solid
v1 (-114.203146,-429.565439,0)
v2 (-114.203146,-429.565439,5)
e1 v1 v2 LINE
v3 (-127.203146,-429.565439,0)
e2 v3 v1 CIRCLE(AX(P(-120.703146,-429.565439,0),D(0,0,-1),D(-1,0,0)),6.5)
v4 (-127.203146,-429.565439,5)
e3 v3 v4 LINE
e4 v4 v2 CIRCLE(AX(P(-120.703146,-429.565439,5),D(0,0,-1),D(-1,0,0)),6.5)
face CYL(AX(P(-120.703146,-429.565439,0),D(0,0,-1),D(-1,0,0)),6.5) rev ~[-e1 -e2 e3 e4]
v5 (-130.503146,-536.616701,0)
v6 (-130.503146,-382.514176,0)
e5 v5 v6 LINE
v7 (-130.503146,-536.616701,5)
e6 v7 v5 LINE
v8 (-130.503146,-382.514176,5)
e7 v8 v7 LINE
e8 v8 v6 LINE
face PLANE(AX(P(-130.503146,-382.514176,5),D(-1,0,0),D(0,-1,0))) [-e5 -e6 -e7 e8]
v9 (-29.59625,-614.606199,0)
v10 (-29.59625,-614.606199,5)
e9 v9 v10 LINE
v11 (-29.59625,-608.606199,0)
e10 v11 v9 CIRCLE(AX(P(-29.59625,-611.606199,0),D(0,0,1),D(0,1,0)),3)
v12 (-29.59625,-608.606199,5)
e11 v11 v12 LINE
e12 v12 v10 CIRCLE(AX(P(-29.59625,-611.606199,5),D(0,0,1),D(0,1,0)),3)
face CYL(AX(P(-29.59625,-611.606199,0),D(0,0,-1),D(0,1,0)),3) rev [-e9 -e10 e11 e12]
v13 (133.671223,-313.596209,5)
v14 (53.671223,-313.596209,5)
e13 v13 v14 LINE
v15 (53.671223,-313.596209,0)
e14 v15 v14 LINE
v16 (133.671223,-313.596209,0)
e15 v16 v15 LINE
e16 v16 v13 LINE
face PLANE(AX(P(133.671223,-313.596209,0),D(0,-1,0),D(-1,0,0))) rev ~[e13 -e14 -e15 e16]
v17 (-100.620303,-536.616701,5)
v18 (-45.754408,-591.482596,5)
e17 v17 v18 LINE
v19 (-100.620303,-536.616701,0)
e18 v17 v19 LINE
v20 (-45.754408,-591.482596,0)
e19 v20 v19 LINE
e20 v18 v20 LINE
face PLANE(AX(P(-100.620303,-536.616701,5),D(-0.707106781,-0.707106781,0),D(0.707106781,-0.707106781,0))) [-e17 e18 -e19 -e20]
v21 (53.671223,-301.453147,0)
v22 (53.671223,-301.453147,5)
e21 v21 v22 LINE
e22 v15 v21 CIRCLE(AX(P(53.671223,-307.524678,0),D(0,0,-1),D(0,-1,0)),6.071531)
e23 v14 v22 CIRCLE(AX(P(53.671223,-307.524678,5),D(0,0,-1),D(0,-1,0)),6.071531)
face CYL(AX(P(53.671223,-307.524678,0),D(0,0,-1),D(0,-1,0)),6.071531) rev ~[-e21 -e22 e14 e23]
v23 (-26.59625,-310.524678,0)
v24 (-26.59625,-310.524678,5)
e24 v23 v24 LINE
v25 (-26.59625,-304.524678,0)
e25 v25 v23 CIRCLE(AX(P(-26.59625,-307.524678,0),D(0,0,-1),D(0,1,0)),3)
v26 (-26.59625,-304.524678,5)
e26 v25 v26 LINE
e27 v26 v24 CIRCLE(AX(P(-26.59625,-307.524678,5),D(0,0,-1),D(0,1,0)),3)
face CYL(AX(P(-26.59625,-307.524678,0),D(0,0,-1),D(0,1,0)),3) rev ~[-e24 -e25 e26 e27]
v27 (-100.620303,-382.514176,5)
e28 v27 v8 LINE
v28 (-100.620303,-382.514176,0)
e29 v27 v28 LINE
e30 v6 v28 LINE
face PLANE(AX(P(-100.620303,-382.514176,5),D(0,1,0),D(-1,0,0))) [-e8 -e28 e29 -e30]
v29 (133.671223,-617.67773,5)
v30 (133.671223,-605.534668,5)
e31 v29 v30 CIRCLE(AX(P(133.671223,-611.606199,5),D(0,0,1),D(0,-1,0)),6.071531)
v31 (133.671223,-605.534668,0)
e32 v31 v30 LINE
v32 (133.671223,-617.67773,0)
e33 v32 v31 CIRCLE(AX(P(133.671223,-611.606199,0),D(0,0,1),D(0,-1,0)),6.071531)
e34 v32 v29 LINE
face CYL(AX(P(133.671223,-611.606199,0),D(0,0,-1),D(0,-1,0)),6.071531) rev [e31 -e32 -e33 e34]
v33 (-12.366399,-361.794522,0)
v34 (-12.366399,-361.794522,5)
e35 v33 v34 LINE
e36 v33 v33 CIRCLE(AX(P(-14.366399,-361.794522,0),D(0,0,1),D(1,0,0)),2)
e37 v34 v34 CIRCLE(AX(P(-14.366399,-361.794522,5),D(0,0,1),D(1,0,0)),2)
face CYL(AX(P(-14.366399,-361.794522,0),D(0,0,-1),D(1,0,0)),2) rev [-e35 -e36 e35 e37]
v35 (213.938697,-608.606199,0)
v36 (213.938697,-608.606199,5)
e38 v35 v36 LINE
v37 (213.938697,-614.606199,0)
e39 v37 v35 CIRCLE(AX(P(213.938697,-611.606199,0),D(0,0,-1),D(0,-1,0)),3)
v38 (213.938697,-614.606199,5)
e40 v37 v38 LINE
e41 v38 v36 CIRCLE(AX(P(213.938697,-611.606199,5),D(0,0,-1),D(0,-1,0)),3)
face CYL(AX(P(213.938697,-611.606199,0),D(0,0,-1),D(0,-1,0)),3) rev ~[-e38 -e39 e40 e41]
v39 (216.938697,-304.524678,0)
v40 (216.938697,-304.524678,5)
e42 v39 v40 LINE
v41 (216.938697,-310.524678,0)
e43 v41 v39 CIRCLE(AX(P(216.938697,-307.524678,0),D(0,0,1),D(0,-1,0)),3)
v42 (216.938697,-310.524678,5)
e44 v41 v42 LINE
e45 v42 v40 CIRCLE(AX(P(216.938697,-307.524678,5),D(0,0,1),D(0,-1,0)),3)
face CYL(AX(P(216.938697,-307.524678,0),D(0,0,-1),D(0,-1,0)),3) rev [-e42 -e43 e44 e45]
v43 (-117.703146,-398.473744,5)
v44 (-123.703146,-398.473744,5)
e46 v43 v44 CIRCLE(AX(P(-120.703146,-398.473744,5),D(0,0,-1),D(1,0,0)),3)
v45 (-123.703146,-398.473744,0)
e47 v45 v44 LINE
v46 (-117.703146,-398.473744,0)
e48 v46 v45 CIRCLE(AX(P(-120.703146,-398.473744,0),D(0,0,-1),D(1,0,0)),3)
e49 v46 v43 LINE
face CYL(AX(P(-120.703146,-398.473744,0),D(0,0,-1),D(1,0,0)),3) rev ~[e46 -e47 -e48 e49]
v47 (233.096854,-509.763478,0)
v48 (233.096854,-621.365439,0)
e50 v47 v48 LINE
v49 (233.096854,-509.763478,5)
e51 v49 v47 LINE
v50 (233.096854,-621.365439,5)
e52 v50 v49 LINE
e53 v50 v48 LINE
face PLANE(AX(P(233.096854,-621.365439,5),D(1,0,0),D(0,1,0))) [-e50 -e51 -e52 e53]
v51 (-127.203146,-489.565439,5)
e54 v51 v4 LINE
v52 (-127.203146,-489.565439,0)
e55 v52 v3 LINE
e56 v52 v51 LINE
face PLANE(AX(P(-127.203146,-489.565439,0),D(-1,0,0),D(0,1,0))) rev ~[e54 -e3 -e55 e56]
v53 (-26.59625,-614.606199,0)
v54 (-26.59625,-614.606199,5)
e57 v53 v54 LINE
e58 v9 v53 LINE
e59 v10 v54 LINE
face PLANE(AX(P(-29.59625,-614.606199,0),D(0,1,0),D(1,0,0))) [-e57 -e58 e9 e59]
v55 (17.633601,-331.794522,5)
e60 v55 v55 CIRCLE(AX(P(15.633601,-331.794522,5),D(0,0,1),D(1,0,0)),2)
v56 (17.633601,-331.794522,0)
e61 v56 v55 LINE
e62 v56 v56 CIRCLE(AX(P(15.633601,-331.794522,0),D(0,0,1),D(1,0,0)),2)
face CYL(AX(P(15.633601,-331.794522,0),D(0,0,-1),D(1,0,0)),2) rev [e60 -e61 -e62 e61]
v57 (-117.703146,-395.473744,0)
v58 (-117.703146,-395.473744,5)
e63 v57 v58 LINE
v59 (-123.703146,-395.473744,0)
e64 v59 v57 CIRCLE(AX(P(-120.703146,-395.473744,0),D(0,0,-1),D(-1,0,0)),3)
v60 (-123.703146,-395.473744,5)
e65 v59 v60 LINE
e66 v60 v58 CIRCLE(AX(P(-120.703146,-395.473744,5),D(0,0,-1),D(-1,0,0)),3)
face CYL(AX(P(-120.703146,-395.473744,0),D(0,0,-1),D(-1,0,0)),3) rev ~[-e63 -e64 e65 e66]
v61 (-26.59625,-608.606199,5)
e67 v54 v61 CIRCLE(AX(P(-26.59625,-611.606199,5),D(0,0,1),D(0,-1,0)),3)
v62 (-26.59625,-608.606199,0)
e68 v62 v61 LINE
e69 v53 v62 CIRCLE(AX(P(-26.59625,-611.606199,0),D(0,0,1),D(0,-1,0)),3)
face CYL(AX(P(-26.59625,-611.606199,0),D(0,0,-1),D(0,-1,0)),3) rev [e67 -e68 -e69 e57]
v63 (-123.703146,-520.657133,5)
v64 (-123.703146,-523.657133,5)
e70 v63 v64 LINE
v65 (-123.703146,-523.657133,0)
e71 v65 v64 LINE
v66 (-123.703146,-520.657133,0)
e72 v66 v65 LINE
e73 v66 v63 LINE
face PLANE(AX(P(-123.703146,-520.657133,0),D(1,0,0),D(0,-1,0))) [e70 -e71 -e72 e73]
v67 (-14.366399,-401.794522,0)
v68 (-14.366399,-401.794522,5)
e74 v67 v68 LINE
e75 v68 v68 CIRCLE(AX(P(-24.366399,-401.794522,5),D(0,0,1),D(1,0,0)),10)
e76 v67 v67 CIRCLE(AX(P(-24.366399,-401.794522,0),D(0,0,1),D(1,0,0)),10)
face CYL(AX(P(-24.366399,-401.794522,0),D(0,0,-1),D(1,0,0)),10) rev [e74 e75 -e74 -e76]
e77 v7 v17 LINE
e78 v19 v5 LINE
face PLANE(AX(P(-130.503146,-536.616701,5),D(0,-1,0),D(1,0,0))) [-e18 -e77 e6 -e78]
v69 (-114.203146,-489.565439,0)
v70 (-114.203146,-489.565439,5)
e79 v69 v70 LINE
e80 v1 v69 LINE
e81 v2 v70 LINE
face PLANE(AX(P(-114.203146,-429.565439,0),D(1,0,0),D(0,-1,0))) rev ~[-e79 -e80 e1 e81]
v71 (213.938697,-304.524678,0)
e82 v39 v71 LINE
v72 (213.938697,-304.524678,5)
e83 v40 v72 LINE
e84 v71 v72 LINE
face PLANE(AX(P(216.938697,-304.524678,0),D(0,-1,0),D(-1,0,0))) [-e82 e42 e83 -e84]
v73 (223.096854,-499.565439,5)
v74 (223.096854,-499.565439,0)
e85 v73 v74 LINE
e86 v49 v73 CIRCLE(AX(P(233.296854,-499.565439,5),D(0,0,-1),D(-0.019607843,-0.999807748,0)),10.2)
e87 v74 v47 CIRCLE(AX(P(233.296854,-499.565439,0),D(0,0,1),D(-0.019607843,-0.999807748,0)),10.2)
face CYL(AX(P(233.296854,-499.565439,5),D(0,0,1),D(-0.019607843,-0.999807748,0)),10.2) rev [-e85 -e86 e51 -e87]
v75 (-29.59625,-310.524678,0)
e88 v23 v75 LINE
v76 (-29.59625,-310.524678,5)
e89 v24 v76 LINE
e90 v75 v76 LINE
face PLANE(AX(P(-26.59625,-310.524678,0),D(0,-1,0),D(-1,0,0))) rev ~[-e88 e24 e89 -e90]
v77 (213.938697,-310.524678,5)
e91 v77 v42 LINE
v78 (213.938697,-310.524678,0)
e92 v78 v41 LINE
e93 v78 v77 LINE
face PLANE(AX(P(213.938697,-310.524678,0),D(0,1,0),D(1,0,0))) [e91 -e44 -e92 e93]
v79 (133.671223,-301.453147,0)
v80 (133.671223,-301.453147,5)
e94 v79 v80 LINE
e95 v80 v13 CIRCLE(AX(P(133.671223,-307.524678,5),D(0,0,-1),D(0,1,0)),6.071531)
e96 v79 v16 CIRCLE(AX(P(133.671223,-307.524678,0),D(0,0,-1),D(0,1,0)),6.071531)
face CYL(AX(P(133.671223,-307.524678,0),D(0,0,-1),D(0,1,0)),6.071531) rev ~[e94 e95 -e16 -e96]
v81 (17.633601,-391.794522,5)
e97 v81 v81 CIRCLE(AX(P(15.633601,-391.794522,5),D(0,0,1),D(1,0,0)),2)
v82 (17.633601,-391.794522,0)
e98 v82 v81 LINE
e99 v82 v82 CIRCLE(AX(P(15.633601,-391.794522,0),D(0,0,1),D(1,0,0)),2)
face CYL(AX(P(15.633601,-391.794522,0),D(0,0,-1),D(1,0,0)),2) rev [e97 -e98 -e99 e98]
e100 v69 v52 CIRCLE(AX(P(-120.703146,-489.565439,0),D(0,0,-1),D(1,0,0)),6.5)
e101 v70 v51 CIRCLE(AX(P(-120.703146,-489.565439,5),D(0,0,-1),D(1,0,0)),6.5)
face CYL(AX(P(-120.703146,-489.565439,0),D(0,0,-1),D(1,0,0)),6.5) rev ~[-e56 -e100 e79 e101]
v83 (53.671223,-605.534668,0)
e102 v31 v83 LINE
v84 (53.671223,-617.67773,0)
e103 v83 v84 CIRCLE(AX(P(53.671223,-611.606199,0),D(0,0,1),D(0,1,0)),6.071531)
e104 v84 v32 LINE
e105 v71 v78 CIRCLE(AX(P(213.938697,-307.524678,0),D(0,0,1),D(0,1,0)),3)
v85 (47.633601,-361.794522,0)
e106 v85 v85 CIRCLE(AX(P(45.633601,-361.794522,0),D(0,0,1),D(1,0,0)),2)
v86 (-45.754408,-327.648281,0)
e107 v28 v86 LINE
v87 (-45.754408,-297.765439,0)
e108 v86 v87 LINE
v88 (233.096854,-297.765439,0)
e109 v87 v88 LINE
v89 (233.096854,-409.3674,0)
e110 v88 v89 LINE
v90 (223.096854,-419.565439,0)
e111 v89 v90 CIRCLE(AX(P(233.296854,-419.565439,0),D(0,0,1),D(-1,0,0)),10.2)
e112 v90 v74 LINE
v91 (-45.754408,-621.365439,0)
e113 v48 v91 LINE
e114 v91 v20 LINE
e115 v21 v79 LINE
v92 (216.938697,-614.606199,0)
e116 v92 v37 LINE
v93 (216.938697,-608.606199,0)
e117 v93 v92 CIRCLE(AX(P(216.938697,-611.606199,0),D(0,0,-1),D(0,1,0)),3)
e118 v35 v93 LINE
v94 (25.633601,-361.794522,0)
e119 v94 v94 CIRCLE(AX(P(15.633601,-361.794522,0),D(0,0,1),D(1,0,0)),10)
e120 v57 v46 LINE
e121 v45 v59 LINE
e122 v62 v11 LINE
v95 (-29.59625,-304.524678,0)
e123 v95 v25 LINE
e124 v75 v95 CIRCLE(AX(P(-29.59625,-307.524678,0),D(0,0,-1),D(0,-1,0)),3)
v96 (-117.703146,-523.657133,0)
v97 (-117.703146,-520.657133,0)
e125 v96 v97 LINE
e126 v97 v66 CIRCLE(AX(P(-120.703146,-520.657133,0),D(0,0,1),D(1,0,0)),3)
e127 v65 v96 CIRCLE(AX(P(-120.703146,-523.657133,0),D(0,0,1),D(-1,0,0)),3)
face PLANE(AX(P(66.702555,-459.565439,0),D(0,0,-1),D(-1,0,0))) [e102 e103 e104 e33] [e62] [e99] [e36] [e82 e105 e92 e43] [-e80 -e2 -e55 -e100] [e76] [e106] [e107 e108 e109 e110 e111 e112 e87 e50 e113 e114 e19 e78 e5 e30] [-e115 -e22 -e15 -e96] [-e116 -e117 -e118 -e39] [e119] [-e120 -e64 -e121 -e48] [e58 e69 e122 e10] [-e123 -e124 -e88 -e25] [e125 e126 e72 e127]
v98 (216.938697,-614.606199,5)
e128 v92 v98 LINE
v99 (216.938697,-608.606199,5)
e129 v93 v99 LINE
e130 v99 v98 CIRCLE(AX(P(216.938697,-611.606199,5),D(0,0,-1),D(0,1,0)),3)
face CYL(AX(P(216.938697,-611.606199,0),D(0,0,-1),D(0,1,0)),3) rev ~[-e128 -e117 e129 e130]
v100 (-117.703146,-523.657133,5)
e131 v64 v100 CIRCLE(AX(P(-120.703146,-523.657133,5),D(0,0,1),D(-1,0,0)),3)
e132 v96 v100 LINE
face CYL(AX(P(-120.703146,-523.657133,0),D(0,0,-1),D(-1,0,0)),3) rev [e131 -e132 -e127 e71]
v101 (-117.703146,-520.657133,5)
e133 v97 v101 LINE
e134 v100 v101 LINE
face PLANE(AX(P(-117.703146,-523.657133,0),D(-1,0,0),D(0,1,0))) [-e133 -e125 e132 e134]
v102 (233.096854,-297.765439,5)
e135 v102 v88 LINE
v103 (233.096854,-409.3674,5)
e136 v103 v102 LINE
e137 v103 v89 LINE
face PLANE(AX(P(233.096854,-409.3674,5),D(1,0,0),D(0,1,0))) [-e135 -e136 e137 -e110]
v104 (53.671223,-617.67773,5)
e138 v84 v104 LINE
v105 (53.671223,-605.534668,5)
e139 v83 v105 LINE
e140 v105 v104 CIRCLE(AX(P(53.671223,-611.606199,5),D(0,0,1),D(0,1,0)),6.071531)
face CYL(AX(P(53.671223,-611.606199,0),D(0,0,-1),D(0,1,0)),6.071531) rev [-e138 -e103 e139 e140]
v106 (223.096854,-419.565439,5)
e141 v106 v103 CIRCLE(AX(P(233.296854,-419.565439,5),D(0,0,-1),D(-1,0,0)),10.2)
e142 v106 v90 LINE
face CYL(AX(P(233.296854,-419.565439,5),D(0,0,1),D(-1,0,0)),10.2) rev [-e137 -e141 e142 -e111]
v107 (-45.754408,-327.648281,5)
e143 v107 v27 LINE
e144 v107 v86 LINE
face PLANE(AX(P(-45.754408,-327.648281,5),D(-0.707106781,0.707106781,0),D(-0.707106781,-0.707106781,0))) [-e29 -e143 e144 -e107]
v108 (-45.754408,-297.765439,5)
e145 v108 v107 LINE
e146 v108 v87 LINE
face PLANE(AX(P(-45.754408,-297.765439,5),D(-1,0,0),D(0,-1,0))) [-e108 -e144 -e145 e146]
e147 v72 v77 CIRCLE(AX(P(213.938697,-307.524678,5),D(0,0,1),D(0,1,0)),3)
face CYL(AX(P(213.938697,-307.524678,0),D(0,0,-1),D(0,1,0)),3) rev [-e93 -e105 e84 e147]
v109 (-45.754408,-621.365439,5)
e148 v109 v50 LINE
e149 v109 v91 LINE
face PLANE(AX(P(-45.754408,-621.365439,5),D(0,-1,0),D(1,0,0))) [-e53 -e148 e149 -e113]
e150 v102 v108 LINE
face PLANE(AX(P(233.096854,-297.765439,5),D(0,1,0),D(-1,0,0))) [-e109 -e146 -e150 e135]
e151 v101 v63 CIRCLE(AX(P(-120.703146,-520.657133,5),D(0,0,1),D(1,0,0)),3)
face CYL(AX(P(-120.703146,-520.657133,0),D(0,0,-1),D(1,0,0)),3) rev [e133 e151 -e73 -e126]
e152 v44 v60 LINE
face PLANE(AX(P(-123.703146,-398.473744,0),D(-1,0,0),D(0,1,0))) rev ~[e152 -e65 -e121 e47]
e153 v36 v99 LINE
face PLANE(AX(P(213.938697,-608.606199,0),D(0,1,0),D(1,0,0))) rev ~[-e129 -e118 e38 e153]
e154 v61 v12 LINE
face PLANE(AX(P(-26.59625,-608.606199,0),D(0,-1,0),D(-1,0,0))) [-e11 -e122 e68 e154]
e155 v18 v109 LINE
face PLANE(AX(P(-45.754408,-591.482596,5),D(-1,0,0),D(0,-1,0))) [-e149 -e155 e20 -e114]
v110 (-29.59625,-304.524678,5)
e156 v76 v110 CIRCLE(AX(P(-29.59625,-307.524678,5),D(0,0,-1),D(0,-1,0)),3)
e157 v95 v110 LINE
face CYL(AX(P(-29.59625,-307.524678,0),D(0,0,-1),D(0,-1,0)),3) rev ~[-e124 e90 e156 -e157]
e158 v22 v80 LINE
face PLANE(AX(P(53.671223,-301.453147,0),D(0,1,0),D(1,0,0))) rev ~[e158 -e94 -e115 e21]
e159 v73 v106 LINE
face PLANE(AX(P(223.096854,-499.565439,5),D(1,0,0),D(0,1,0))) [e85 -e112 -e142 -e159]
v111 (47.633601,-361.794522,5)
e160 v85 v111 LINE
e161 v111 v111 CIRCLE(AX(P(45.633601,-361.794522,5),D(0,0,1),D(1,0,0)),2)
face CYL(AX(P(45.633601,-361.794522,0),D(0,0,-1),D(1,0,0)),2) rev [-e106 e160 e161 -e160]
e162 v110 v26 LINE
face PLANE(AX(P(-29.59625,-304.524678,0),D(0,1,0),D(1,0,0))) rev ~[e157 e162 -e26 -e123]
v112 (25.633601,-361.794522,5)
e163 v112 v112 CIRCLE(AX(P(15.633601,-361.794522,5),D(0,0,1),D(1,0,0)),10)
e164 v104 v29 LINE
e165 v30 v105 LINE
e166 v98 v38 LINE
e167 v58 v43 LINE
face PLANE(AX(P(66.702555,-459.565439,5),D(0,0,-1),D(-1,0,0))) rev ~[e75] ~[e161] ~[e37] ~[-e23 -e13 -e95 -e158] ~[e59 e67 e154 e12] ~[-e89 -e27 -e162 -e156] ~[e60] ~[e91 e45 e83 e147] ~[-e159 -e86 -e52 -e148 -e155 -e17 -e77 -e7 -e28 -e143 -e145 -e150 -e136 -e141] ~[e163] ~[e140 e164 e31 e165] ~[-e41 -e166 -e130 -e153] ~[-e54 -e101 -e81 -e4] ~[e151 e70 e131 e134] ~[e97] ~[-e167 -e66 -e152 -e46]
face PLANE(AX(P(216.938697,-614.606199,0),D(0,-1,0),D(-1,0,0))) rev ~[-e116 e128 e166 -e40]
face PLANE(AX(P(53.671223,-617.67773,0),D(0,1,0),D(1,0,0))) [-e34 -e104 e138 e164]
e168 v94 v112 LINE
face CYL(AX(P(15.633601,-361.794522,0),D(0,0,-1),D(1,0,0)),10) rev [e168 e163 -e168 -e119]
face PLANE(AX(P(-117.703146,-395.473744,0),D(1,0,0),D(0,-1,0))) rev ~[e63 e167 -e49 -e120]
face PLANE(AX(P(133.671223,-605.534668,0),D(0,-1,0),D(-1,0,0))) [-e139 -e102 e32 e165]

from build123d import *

# Parameters (mm, degrees)
SKETCH2_R           = 2
SKETCH2_R_2         = 10
BOSS_EXTRUDE6_DEPTH = 5
CUT_EXTRUDE9_DEPTH  = 10


with BuildPart() as part:
    # Sketch2 → Boss-Extrude6 (new body)
    with BuildSketch(Plane.XY):
        with BuildLine():
            Line((-130.703145502, -382.314175973), (-100.703145502, -382.314175973))
            Line((-100.703145502, -382.314175973), (-45.95440816, -327.565438631))
            Line((-45.95440816, -327.565438631), (-45.95440816, -297.565438631))
            Line((-45.95440816, -297.565438631), (233.296854498, -297.565438631))
            Line((233.296854498, -297.565438631), (233.296854498, -409.565438631))
            ThreePointArc((233.296854498, -409.565438631), (226.225786687, -412.494370819), (223.296854498, -419.565438631))
            Line((223.296854498, -419.565438631), (223.296854498, -499.565438631))
            ThreePointArc((223.296854498, -499.565438631), (226.225786687, -506.636506443), (233.296854498, -509.565438631))
            Line((233.296854498, -509.565438631), (233.296854498, -621.565438631))
            Line((233.296854498, -621.565438631), (-45.95440816, -621.565438631))
            Line((-45.95440816, -621.565438631), (-45.95440816, -591.565438631))
            Line((-45.95440816, -591.565438631), (-100.703145502, -536.81670129))
            Line((-100.703145502, -536.81670129), (-130.703145502, -536.81670129))
            Line((-130.703145502, -536.81670129), (-130.703145502, -382.314175973))
        make_face()
        with Locations((15.633601358, -331.79452168)):
            Circle(SKETCH2_R, mode=Mode.SUBTRACT)
        with Locations((-14.366398642, -361.79452168)):
            Circle(SKETCH2_R, mode=Mode.SUBTRACT)
        with Locations((15.633601358, -391.79452168)):
            Circle(SKETCH2_R, mode=Mode.SUBTRACT)
        with Locations((45.633601358, -361.79452168)):
            Circle(SKETCH2_R, mode=Mode.SUBTRACT)
        with Locations((15.633601358, -361.79452168)):
            Circle(SKETCH2_R_2, mode=Mode.SUBTRACT)
        with Locations((-24.366398642, -401.79452168)):
            Circle(SKETCH2_R_2, mode=Mode.SUBTRACT)
        with BuildLine():
            Line((-29.596250394, -304.524677965), (-26.596250394, -304.524677965))
            ThreePointArc((-26.596250394, -304.524677965), (-23.596250394, -307.524677965), (-26.596250394, -310.524677965))
            Line((-26.596250394, -310.524677965), (-29.596250394, -310.524677965))
            ThreePointArc((-29.596250394, -310.524677965), (-32.596250394, -307.524677965), (-29.596250394, -304.524677965))
        make_face(mode=Mode.SUBTRACT)
        with BuildLine():
            Line((-114.203145502, -429.565438631), (-114.203145502, -489.565438631))
            ThreePointArc((-114.203145502, -489.565438631), (-120.703145502, -496.065438631), (-127.203145502, -489.565438631))
            Line((-127.203145502, -489.565438631), (-127.203145502, -429.565438631))
            ThreePointArc((-127.203145502, -429.565438631), (-120.703145502, -423.065438631), (-114.203145502, -429.565438631))
        make_face(mode=Mode.SUBTRACT)
        with BuildLine():
            Line((216.938696732, -304.524677965), (213.938696732, -304.524677965))
            ThreePointArc((213.938696732, -304.524677965), (210.938696732, -307.524677965), (213.938696732, -310.524677965))
            Line((213.938696732, -310.524677965), (216.938696732, -310.524677965))
            ThreePointArc((216.938696732, -310.524677965), (219.938696732, -307.524677965), (216.938696732, -304.524677965))
        make_face(mode=Mode.SUBTRACT)
        with BuildLine():
            Line((216.938696732, -614.606199297), (213.938696732, -614.606199297))
            ThreePointArc((213.938696732, -614.606199297), (210.938696732, -611.606199297), (213.938696732, -608.606199297))
            Line((213.938696732, -608.606199297), (216.938696732, -608.606199297))
            ThreePointArc((216.938696732, -608.606199297), (219.938696732, -611.606199297), (216.938696732, -614.606199297))
        make_face(mode=Mode.SUBTRACT)
        with BuildLine():
            Line((-29.596250394, -614.606199297), (-26.596250394, -614.606199297))
            ThreePointArc((-26.596250394, -614.606199297), (-23.596250394, -611.606199297), (-26.596250394, -608.606199297))
            Line((-26.596250394, -608.606199297), (-29.596250394, -608.606199297))
            ThreePointArc((-29.596250394, -608.606199297), (-32.596250394, -611.606199297), (-29.596250394, -614.606199297))
        make_face(mode=Mode.SUBTRACT)
        with BuildLine():
            Line((-117.703145502, -395.473744081), (-117.703145502, -398.473744081))
            ThreePointArc((-117.703145502, -398.473744081), (-120.703145502, -401.473744081), (-123.703145502, -398.473744081))
            Line((-123.703145502, -398.473744081), (-123.703145502, -395.473744081))
            ThreePointArc((-123.703145502, -395.473744081), (-120.703145502, -392.473744081), (-117.703145502, -395.473744081))
        make_face(mode=Mode.SUBTRACT)
        with BuildLine():
            Line((53.671223169, -301.453147058), (133.671223169, -301.453147058))
            ThreePointArc((133.671223169, -301.453147058), (139.742754077, -307.524677965), (133.671223169, -313.596208873))
            Line((133.671223169, -313.596208873), (53.671223169, -313.596208873))
            ThreePointArc((53.671223169, -313.596208873), (47.599692262, -307.524677965), (53.671223169, -301.453147058))
        make_face(mode=Mode.SUBTRACT)
        with BuildLine():
            Line((-117.703145502, -523.657133181), (-117.703145502, -520.657133181))
            ThreePointArc((-117.703145502, -520.657133181), (-120.703145502, -517.657133181), (-123.703145502, -520.657133181))
            Line((-123.703145502, -520.657133181), (-123.703145502, -523.657133181))
            ThreePointArc((-123.703145502, -523.657133181), (-120.703145502, -526.657133181), (-117.703145502, -523.657133181))
        make_face(mode=Mode.SUBTRACT)
        with BuildLine():
            Line((53.671223169, -617.677730205), (133.671223169, -617.677730205))
            ThreePointArc((133.671223169, -617.677730205), (139.742754077, -611.606199297), (133.671223169, -605.534668389))
            Line((133.671223169, -605.534668389), (53.671223169, -605.534668389))
            ThreePointArc((53.671223169, -605.534668389), (47.599692262, -611.606199297), (53.671223169, -617.677730205))
        make_face(mode=Mode.SUBTRACT)
    extrude(amount=BOSS_EXTRUDE6_DEPTH)

    # Sketch5 → Cut-Extrude9 (cut)
    with BuildSketch(Plane.XY.offset(5)):
        with BuildLine():
            Line((-130.703145502, -382.314175973), (-130.703145502, -536.81670129))
            Line((-130.703145502, -536.81670129), (-100.703145502, -536.81670129))
            Line((-100.703145502, -536.81670129), (-45.95440816, -591.565438631))
            Line((-45.95440816, -591.565438631), (-45.95440816, -621.565438631))
            Line((-45.95440816, -621.565438631), (233.296854498, -621.565438631))
            Line((233.296854498, -621.565438631), (233.296854498, -509.565438631))
            ThreePointArc((233.296854498, -509.565438631), (226.225786687, -506.636506443), (223.296854498, -499.565438631))
            Line((223.296854498, -499.565438631), (223.296854498, -419.565438631))
            ThreePointArc((223.296854498, -419.565438631), (226.225786687, -412.494370819), (233.296854498, -409.565438631))
            Line((233.296854498, -409.565438631), (233.296854498, -297.565438631))
            Line((233.296854498, -297.565438631), (-45.95440816, -297.565438631))
            Line((-45.95440816, -297.565438631), (-45.95440816, -327.565438631))
            Line((-45.95440816, -327.565438631), (-100.703145502, -382.314175973))
            Line((-100.703145502, -382.314175973), (-130.703145502, -382.314175973))
        make_face()
        with BuildLine():
            Line((-45.75440816, -327.648281344), (-100.620302789, -382.514175973))
            Line((-100.620302789, -382.514175973), (-130.503145502, -382.514175973))
            Line((-130.503145502, -382.514175973), (-130.503145502, -536.61670129))
            Line((-130.503145502, -536.61670129), (-100.620302789, -536.61670129))
            Line((-100.620302789, -536.61670129), (-45.75440816, -591.482595919))
            Line((-45.75440816, -591.482595919), (-45.75440816, -621.365438631))
            Line((-45.75440816, -621.365438631), (233.096854498, -621.365438631))
            Line((233.096854498, -621.365438631), (233.096854498, -509.763477658))
            ThreePointArc((233.096854498, -509.763477658), (226.013997916, -506.70686706), (223.096854498, -499.565438631))
            Line((223.096854498, -499.565438631), (223.096854498, -419.565438631))
            ThreePointArc((223.096854498, -419.565438631), (226.013997916, -412.424010203), (233.096854498, -409.367399604))
            Line((233.096854498, -409.367399604), (233.096854498, -297.765438631))
            Line((233.096854498, -297.765438631), (-45.75440816, -297.765438631))
            Line((-45.75440816, -297.765438631), (-45.75440816, -327.648281344))
        make_face(mode=Mode.SUBTRACT)
    extrude(amount=-CUT_EXTRUDE9_DEPTH, mode=Mode.SUBTRACT)


solid = part.part
